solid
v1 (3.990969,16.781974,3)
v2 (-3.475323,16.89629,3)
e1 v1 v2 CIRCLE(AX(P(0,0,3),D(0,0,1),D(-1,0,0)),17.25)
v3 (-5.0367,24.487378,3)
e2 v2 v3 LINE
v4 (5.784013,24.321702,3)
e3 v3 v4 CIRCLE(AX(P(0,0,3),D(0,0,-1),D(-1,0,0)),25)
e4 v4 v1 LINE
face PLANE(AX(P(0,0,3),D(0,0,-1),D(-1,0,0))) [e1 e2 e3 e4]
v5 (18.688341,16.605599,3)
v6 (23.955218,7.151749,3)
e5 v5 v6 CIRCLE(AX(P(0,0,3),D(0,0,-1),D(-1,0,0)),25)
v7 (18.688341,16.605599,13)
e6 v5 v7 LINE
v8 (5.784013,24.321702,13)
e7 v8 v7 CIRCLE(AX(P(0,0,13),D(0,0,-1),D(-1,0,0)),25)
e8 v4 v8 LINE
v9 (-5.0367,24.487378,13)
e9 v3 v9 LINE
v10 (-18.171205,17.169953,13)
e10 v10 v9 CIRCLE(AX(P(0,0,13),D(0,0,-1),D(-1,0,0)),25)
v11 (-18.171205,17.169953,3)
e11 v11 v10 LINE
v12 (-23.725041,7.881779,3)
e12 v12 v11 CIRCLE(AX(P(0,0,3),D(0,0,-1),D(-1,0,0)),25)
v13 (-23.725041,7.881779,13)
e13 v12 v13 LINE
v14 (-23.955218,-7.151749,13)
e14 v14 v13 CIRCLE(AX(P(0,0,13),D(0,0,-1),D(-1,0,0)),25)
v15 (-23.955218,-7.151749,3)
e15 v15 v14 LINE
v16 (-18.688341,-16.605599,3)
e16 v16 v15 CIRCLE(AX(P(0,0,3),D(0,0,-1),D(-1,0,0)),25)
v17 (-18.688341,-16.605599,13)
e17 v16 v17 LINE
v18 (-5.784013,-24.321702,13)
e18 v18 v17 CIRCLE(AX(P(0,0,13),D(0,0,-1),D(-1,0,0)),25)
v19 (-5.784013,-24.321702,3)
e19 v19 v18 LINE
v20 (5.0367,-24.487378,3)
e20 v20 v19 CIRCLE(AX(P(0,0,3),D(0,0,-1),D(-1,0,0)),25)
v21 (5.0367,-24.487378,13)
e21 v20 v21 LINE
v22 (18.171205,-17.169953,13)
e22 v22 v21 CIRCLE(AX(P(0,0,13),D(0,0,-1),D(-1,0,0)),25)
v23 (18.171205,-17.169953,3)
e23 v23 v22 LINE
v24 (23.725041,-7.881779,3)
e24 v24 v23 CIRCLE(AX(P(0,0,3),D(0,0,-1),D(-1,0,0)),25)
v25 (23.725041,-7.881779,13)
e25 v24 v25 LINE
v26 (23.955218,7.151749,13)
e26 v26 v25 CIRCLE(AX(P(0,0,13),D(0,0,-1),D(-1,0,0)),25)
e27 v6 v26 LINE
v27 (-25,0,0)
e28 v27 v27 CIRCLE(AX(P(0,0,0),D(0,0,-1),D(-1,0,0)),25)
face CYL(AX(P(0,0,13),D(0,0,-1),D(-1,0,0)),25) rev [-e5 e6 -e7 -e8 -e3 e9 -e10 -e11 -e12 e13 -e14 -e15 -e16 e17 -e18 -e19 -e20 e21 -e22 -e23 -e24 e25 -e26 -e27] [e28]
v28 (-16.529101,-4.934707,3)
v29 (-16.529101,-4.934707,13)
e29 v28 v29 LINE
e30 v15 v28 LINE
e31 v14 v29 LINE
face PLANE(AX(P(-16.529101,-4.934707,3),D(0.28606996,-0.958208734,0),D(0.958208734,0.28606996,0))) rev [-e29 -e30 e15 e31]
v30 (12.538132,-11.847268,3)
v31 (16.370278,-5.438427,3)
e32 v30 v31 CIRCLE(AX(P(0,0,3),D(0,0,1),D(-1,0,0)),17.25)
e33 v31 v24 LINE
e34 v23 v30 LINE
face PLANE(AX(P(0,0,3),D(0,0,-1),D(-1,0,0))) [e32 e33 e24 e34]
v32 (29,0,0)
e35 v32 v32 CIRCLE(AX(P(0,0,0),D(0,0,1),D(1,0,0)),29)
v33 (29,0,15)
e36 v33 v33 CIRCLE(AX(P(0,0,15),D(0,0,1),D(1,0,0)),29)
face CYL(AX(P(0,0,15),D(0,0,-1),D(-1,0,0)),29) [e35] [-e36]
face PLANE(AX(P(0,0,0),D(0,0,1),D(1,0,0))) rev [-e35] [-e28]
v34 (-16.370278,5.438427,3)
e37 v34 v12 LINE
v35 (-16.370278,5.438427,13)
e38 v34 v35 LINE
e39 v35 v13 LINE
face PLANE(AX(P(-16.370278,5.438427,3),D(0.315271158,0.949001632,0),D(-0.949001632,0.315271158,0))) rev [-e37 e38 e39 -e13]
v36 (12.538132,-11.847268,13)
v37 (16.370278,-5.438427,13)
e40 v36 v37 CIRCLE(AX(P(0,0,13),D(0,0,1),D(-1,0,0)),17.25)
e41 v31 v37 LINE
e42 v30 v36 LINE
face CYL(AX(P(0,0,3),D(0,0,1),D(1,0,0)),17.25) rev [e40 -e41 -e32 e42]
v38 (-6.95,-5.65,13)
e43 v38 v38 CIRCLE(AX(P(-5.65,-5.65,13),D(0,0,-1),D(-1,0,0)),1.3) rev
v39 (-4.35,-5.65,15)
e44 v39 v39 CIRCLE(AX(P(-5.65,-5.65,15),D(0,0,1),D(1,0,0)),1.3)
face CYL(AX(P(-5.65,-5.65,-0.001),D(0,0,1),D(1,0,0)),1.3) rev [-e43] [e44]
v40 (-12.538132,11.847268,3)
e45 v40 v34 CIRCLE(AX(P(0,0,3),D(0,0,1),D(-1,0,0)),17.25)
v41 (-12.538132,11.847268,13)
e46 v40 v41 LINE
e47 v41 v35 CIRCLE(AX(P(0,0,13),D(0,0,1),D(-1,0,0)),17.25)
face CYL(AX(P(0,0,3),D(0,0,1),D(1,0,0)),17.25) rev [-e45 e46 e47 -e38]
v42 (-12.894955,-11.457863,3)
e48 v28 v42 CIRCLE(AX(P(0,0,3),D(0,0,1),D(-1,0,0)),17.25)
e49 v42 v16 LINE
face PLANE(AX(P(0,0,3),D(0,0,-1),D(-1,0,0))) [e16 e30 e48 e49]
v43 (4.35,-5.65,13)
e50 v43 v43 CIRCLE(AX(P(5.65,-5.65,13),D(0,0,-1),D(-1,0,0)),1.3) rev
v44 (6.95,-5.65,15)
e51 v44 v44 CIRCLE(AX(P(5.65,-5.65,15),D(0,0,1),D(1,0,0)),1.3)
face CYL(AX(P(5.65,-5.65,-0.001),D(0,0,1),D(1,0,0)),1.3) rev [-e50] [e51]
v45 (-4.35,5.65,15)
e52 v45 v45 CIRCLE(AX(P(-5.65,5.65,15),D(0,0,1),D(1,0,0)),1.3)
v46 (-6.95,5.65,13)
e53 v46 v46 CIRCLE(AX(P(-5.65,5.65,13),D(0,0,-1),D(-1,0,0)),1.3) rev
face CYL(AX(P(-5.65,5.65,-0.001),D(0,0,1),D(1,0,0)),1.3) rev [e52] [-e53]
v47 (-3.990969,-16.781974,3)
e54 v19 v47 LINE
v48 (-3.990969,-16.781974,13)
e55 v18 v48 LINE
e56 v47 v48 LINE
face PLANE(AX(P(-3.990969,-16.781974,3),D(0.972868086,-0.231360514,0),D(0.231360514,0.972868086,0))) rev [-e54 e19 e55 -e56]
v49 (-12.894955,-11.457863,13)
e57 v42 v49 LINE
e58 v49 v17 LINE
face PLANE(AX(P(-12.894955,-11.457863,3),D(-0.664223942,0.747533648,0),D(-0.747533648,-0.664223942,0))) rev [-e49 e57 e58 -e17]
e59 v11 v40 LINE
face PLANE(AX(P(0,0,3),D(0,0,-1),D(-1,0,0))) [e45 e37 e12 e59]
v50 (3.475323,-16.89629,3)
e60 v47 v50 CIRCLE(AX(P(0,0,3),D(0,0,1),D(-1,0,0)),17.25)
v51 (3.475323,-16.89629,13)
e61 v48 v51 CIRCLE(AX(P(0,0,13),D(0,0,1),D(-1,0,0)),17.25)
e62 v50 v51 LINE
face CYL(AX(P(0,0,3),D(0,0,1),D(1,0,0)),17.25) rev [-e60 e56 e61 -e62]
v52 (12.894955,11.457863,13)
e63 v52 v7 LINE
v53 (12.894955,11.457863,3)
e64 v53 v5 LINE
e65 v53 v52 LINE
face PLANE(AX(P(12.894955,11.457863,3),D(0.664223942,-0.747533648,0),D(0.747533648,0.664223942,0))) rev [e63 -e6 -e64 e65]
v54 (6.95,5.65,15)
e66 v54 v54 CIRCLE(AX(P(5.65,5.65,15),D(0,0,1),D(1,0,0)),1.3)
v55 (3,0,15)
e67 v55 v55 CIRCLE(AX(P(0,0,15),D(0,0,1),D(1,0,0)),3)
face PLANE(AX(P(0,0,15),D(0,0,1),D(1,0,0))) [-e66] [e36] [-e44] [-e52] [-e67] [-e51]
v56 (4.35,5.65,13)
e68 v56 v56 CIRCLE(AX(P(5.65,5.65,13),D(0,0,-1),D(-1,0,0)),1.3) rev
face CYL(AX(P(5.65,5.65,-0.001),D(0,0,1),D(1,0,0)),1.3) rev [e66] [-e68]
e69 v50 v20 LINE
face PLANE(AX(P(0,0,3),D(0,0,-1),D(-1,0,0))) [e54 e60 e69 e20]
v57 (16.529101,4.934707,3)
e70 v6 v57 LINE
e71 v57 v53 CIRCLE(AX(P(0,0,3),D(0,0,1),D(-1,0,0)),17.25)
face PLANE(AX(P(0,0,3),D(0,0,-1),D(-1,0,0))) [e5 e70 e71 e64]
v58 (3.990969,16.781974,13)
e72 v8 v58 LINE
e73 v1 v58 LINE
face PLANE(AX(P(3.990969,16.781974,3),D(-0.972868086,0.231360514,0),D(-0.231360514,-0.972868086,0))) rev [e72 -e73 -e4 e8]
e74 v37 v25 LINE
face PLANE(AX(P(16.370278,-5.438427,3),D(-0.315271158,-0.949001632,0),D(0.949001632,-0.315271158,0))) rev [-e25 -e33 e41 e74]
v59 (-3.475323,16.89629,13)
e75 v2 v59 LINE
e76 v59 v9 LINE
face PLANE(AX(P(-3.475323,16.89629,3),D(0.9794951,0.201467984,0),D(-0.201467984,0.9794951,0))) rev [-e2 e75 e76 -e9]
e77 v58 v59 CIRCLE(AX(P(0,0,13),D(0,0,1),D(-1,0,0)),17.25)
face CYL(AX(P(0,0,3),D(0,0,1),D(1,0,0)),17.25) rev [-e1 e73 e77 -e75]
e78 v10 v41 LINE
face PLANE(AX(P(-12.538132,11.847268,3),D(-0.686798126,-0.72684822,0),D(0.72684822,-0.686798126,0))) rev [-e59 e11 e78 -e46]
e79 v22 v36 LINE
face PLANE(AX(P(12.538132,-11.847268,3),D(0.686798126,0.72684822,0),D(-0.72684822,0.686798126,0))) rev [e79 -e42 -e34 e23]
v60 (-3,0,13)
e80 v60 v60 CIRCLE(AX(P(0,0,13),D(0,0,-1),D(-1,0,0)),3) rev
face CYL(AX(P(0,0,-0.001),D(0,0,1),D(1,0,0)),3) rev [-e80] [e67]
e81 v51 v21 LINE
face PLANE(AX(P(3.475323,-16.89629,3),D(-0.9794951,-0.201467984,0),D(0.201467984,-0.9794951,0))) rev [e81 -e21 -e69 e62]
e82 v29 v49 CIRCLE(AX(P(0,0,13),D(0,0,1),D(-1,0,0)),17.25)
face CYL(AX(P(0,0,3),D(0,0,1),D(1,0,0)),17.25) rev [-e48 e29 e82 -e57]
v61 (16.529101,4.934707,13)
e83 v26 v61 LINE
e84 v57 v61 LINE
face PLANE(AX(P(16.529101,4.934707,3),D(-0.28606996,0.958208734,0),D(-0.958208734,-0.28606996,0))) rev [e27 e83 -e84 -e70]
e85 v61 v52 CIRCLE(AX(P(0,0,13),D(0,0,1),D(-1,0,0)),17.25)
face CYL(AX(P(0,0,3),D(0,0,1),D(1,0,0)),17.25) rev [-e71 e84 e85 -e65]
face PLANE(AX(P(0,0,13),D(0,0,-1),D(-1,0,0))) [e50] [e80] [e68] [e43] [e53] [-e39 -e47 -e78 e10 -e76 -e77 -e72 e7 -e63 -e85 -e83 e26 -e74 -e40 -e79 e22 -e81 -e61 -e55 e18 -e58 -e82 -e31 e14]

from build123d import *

# Parameters (mm, degrees)
SKETCH_1_R          = 29
EXTRUDE_1_DEPTH     = 15
SKETCH_2_R          = 25
CUT_EXTRUDE_1_DEPTH = 13
CUT_EXTRUDE_2_REACH = 17
SKETCH_3_R          = 1.3
SKETCH_3_R_2        = 3
EXTRUDE_3_DEPTH     = 10


with BuildPart() as part:
    # 草图1 → 凸台-拉伸1 (new body)
    with BuildSketch(Plane.XY):
        Circle(SKETCH_1_R)
    extrude(amount=EXTRUDE_1_DEPTH)

    # 草图2 → 切除-拉伸1 (cut)
    with BuildSketch(Plane(origin=(0, 0, 0), x_dir=(-1, 0, 0), z_dir=(0, 0, -1))):
        Circle(SKETCH_2_R)
    extrude(amount=-CUT_EXTRUDE_1_DEPTH, mode=Mode.SUBTRACT)

    # 草图3 → 切除-拉伸2 (cut, up to next)
    with BuildSketch(Plane.XY.offset(15), mode=Mode.PRIVATE) as cut_extrude_2_sk1:
        with Locations((5.65, 5.65)):
            Circle(SKETCH_3_R)
    cut_extrude_2_tool1 = extrude(cut_extrude_2_sk1.sketch, amount=-CUT_EXTRUDE_2_REACH, mode=Mode.PRIVATE) & part.part
    add(cut_extrude_2_tool1.solids().sort_by_distance((5.65, 5.65, 15))[0], mode=Mode.SUBTRACT)
    # 草图3 → 切除-拉伸2 (cut, up to next)
    with BuildSketch(Plane.XY.offset(15), mode=Mode.PRIVATE) as cut_extrude_2_sk2:
        with Locations((5.65, -5.65)):
            Circle(SKETCH_3_R)
    cut_extrude_2_tool2 = extrude(cut_extrude_2_sk2.sketch, amount=-CUT_EXTRUDE_2_REACH, mode=Mode.PRIVATE) & part.part
    add(cut_extrude_2_tool2.solids().sort_by_distance((5.65, -5.65, 15))[0], mode=Mode.SUBTRACT)
    # 草图3 → 切除-拉伸2 (cut, up to next)
    with BuildSketch(Plane.XY.offset(15), mode=Mode.PRIVATE) as cut_extrude_2_sk3:
        with Locations((-5.65, -5.65)):
            Circle(SKETCH_3_R)
    cut_extrude_2_tool3 = extrude(cut_extrude_2_sk3.sketch, amount=-CUT_EXTRUDE_2_REACH, mode=Mode.PRIVATE) & part.part
    add(cut_extrude_2_tool3.solids().sort_by_distance((-5.65, -5.65, 15))[0], mode=Mode.SUBTRACT)
    # 草图3 → 切除-拉伸2 (cut, up to next)
    with BuildSketch(Plane.XY.offset(15), mode=Mode.PRIVATE) as cut_extrude_2_sk4:
        with Locations((-5.65, 5.65)):
            Circle(SKETCH_3_R)
    cut_extrude_2_tool4 = extrude(cut_extrude_2_sk4.sketch, amount=-CUT_EXTRUDE_2_REACH, mode=Mode.PRIVATE) & part.part
    add(cut_extrude_2_tool4.solids().sort_by_distance((-5.65, 5.65, 15))[0], mode=Mode.SUBTRACT)
    # 草图3 → 切除-拉伸2 (cut, up to next)
    with BuildSketch(Plane.XY.offset(15), mode=Mode.PRIVATE) as cut_extrude_2_sk5:
        Circle(SKETCH_3_R_2)
    cut_extrude_2_tool5 = extrude(cut_extrude_2_sk5.sketch, amount=-CUT_EXTRUDE_2_REACH, mode=Mode.PRIVATE) & part.part
    add(cut_extrude_2_tool5.solids().sort_by_distance((0, 0, 15))[0], mode=Mode.SUBTRACT)

    # 草图4 → 凸台-拉伸3 (add)
    with BuildSketch(Plane(origin=(0, 0, 13), x_dir=(-1, 0, 0), z_dir=(0, 0, -1))):
        with BuildLine():
            Line((3.475322722, 16.89629048), (5.036699597, 24.487377507))
            ThreePointArc((5.036699597, 24.487377507), (-0.382728828, 24.997070201), (-5.784012851, 24.321702147))
            Line((-5.784012851, 24.321702147), (-3.990968867, 16.781974482))
            ThreePointArc((-3.990968867, 16.781974482), (-0.264082892, 17.247978439), (3.475322722, 16.89629048))
        make_face()
        with BuildLine():
            Line((16.370278146, 5.438427476), (23.725040792, 7.881778951))
            ThreePointArc((23.725040792, 7.881778951), (21.4567334, 12.829987989), (18.171205497, 17.169953138))
            Line((18.171205497, 17.169953138), (12.538131793, 11.847267665))
            ThreePointArc((12.538131793, 11.847267665), (14.805146046, 8.852691712), (16.370278146, 5.438427476))
        make_face()
        with BuildLine():
            Line((12.894955424, -11.457863003), (18.688341195, -16.605598556))
            ThreePointArc((18.688341195, -16.605598556), (21.839462229, -12.167082212), (23.955218348, -7.151749009))
            Line((23.955218348, -7.151749009), (16.52910066, -4.934706816))
            ThreePointArc((16.52910066, -4.934706816), (15.069228938, -8.395286727), (12.894955424, -11.457863003))
        make_face()
        with BuildLine():
            Line((-3.475322722, -16.89629048), (-5.036699597, -24.487377507))
            ThreePointArc((-5.036699597, -24.487377507), (0.382728828, -24.997070201), (5.784012851, -24.321702147))
            Line((5.784012851, -24.321702147), (3.990968867, -16.781974482))
            ThreePointArc((3.990968867, -16.781974482), (0.264082892, -17.247978439), (-3.475322722, -16.89629048))
        make_face()
        with BuildLine():
            Line((-16.370278146, -5.438427476), (-23.725040792, -7.881778951))
            ThreePointArc((-23.725040792, -7.881778951), (-21.4567334, -12.829987989), (-18.171205497, -17.169953138))
            Line((-18.171205497, -17.169953138), (-12.538131793, -11.847267665))
            ThreePointArc((-12.538131793, -11.847267665), (-14.805146046, -8.852691712), (-16.370278146, -5.438427476))
        make_face()
        with BuildLine():
            Line((-12.894955424, 11.457863003), (-18.688341195, 16.605598556))
            ThreePointArc((-18.688341195, 16.605598556), (-21.839462229, 12.167082212), (-23.955218348, 7.151749009))
            Line((-23.955218348, 7.151749009), (-16.52910066, 4.934706816))
            ThreePointArc((-16.52910066, 4.934706816), (-15.069228938, 8.395286727), (-12.894955424, 11.457863003))
        make_face()
    extrude(amount=EXTRUDE_3_DEPTH)


solid = part.part
